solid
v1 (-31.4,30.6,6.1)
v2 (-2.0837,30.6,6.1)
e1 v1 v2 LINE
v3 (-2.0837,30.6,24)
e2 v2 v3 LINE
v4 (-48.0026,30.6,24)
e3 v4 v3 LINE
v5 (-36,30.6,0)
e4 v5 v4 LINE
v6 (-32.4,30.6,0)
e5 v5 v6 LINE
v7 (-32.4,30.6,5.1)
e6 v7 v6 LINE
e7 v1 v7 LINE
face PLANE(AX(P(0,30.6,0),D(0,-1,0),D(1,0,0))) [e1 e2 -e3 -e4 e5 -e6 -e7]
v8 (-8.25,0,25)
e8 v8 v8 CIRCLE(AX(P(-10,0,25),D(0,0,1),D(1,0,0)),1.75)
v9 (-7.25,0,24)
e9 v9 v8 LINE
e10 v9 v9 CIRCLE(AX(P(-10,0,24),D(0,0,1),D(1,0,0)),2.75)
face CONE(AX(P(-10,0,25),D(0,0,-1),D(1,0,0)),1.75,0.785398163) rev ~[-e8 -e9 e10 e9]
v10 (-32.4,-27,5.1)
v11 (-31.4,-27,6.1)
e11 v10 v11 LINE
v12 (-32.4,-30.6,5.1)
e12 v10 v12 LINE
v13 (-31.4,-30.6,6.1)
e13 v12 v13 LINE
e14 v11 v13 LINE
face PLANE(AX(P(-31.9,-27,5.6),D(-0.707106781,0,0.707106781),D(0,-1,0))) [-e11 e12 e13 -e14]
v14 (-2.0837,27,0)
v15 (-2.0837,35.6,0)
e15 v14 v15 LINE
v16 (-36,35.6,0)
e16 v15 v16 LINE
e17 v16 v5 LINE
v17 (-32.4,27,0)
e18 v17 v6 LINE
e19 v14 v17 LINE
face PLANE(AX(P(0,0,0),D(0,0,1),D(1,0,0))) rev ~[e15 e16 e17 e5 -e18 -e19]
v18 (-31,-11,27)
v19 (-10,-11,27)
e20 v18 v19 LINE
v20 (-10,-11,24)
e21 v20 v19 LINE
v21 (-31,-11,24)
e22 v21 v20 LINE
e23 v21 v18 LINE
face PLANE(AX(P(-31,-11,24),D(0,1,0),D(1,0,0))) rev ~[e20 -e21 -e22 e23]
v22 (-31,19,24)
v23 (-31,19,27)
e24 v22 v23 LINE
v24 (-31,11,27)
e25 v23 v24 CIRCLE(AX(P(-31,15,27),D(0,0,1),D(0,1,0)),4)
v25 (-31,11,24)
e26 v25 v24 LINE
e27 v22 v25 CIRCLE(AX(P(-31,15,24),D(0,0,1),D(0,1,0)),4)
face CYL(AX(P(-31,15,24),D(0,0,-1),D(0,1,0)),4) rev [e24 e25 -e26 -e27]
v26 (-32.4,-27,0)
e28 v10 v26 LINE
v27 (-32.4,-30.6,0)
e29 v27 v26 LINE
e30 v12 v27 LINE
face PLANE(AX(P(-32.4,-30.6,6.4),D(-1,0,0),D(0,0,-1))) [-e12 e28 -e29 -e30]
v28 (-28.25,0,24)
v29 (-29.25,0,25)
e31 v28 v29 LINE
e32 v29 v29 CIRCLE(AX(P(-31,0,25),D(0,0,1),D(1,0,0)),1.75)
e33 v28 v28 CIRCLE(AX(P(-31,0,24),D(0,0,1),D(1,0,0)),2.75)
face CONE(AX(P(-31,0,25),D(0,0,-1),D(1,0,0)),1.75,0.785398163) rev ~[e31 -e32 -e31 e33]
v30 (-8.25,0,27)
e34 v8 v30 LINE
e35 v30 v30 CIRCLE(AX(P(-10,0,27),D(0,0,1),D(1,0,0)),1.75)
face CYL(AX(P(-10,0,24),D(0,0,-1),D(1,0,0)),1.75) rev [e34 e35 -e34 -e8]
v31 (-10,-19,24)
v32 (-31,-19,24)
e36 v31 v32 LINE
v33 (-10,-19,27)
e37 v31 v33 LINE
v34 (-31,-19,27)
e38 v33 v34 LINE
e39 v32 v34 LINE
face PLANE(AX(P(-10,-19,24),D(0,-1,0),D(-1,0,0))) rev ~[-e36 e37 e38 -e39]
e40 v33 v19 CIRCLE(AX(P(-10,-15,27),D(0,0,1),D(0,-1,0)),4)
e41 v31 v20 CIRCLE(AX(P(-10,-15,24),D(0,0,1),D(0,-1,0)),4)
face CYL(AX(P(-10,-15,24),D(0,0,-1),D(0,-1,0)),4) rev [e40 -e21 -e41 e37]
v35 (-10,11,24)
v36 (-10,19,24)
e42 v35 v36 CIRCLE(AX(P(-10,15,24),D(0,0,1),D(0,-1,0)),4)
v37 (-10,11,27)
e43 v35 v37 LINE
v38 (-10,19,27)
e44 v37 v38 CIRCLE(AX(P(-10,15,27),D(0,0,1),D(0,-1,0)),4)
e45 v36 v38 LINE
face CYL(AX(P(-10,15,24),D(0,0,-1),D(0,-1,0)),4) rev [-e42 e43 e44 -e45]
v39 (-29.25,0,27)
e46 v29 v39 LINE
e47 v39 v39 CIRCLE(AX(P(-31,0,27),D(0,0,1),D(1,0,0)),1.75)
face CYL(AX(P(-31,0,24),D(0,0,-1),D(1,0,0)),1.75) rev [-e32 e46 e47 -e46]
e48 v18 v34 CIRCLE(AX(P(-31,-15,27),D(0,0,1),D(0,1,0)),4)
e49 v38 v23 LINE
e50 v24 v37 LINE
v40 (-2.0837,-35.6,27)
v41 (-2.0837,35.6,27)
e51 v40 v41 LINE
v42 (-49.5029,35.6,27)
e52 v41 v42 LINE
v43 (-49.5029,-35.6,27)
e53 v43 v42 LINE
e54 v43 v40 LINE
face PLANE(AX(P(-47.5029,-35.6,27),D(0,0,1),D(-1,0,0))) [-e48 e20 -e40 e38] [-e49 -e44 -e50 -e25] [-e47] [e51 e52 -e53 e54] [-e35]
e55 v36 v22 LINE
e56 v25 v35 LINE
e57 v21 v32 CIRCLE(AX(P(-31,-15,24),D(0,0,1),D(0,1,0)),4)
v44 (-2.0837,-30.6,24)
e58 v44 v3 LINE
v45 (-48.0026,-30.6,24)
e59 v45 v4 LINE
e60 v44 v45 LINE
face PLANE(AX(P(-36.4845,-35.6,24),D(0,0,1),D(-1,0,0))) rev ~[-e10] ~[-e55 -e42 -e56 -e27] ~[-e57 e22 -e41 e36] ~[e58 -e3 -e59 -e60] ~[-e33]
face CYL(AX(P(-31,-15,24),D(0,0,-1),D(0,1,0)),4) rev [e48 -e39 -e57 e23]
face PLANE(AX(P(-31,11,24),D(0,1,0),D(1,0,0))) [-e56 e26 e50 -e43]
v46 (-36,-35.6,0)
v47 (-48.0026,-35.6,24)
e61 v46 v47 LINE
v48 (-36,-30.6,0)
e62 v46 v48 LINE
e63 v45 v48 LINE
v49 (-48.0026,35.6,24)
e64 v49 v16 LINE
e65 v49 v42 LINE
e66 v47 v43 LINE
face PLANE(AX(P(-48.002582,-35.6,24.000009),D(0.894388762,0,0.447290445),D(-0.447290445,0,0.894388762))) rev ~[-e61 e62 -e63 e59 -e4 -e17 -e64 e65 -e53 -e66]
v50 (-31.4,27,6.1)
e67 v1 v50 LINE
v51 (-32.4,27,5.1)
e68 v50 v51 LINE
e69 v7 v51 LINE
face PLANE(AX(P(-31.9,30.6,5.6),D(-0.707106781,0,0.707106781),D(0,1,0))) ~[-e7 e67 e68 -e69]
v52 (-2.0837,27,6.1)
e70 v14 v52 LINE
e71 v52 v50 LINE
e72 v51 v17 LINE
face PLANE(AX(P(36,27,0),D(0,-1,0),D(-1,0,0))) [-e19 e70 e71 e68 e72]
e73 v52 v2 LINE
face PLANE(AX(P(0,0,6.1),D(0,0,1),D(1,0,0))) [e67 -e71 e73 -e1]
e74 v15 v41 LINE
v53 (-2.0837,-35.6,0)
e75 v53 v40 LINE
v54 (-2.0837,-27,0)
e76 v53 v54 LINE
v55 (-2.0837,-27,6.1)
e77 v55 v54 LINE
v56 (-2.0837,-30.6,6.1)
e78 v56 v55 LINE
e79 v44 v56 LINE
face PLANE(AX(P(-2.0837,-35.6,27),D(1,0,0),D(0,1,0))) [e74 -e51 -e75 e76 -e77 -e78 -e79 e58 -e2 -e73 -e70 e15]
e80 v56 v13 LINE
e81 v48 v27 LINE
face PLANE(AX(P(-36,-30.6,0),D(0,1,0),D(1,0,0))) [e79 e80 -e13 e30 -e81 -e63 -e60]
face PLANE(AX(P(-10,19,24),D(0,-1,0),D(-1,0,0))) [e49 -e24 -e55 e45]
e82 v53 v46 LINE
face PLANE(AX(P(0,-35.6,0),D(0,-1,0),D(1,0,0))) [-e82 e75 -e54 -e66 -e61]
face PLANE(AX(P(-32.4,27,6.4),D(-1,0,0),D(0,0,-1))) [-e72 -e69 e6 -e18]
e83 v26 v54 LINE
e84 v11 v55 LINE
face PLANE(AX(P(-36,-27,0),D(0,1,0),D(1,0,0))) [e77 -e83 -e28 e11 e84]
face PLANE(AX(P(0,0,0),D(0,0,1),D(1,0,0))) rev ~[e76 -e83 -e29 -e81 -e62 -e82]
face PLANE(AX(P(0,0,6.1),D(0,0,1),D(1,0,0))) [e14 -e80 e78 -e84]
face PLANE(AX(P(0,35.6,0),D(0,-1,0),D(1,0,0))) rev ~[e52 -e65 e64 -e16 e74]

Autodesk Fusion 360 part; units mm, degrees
sketch "Sketch1" plane through (0, 0, 0) normal (0, 0, 1) x (1, 0, 0)
  line L0 (36, 27) -> (-36, 27)
  line L1 (-36, 27) -> (-36, -27)
  line L2 (-36, -27) -> (36, -27)
  line L3 (36, -27) -> (36, 27)
  line L4 (36, 30.6) -> (-36, 30.6)
  line L5 (-36, 35.6) -> (-36, -30.6)
  line L6 (-36, -30.6) -> (36, -30.6)
  line L7 (36, -30.6) -> (36, 30.6)
  line L8 (33, 35.6) -> (-36, 35.6)
  line L9 (41, -27.6) -> (41, 27.6)
  line L10 (33, -35.6) -> (-36, -35.6)
  line L11 (-36, -35.6) -> (-36, 30.6)
  arc A0 (41, 27.6) -> (33, 35.6) centre (33, 27.6) ccw
  arc A1 (33, -35.6) -> (41, -27.6) centre (33, -27.6) ccw
  circle A2 centre (-31, 0) radius 1.75
  line L12 (-31, 11) -> (-10, 11)
  arc A3 (-10, 11) -> (-10, 19) centre (-10, 15) ccw
  line L13 (-10, 19) -> (-31, 19)
  arc A4 (-31, 19) -> (-31, 11) centre (-31, 15) ccw
  line L14 (-31, 15) -> (-10, 15) construction
  line L15 (1.75, 0) -> (22.5, 0)
  line L16 (-31, -11) -> (-10, -11)
  line L17 (-10, -19) -> (-31, -19)
  arc A5 (-10, -19) -> (-10, -11) centre (-10, -15) ccw
  arc A6 (-31, -11) -> (-31, -19) centre (-31, -15) ccw
  circle A7 centre (-10, 0) radius 1.75
  dimension "d1" = 72
  dimension "d2" = 54
  dimension "d3" = 61.2
  dimension "d6" = 8
  dimension "d32" = 3.5
  dimension "d34" = 8
  dimension "d40" = 3.5
extrude "Extrude1" add sketch "Sketch1" along normal blind 6.1 contours L3 L4 L5 L6 L7 L8 L9 L10 L11 A0 A1 | L0 L4 L5 L7 L11 | L2 L5 L6 L7 L11
extrude "Extrude2" add sketch "Sketch1" along normal blind 24 contours L3 L4 L5 L6 L7 L8 L9 L10 L11 A0 A1
extrude "Extrude3" add sketch "Sketch1" along normal blind 27 and the other way blind -24
sketch "Sketch2" plane through (0, -35.6, 0) normal (0, -1, 0) x (1, 0, 0)
  line L0 (-36, 0) -> (33, 0)
  line L1 (33, 0) -> (33, 27)
  line L2 (-36, 27) -> (-36, 0)
  line L3 (-36, 0) -> (-49.5029, 27)
  line L4 (-36, 0) -> (-6, 0) construction
  line L5 (-36, 27) -> (-49.5029, 27)
  line L6 (33, 27) -> (-36, 27)
  line L7 (-36, 27) -> (-36, 24)
  line L8 (-36, 24) -> (-36.4845, 24)
  line L9 (-36.4845, 24) -> (-48.0026, 24)
  line L10 (-36, 0) -> (-36, 6.4)
  line L11 (-36, 6.4) -> (-36, 6)
  line L12 (-36, 6.4) -> (-39.2007, 6.4)
  line L13 (-36, 0) -> (-32.4, 0)
  line L14 (-49.5029, 27) -> (-47.5029, 27)
  line L15 (-36, 6.4) -> (-32.4, 6.4)
  line L16 (-32.4, 6.4) -> (-32.4, 0)
  dimension "d11" = 116.57
  dimension "d25" = 6.4
  dimension "d36" = 3.6
  dimension "d37" = 2
extrude "Extrude4" add sketch "Sketch2" against normal blind 5 contours L2 L3 L10 L11 L12 | L2 L3 L8 L9 L12
extrude "Extrude5" add sketch "Sketch2" along normal blind -71.2 and the other way blind 66.2 contours L2 L3 L10 L11 L12 | L2 L3 L8 L9 L12
extrude "Extrude6" add sketch "Sketch2" against normal blind 71.2 contours L2 L3 L5 L7 L8 L9 L14
extrude "Extrude7" cut sketch "Sketch2" along normal blind -8.6 and the other way blind 5 contours L0 L2 L10 L11 L13 L15 L16
extrude "Extrude8" cut sketch "Sketch2" along normal blind -66.2 and the other way blind 62.6 contours L0 L2 L10 L11 L13 L15 L16
chamfer "Chamfer2" distance 1 angle 45 2 edges at (-32.6316, 0.6328, 24) (-11.6316, 0.6328, 24)
sketch "Sketch3" plane through (0, 0, 27) normal (0, 0, 1) x (-1, 0, 0)
  arc A0 (10, 19) -> (10, 11) centre (10, 15) ccw
  line L0 (10, 19) -> (31, 19)
  arc A1 (31, 11) -> (31, 19) centre (31, 15) ccw
  line L1 (31, 11) -> (10, 11)
  circle A2 centre (31, 0) radius 1.75
  circle A3 centre (10, 0) radius 1.75
  arc A4 (31, -19) -> (31, -11) centre (31, -15) ccw
  line L2 (31, -19) -> (10, -19)
  arc A5 (10, -11) -> (10, -19) centre (10, -15) ccw
  line L3 (10, -11) -> (31, -11)
  line L4 (49.5029, 35.6) -> (-33, 35.6)
  arc A6 (-33, 35.6) -> (-41, 27.6) centre (-33, 27.6) ccw
  line L5 (-41, 27.6) -> (-41, -27.6)
  arc A7 (-41, -27.6) -> (-33, -35.6) centre (-33, -27.6) ccw
  line L6 (-33, -35.6) -> (49.5029, -35.6)
  line L7 (49.5029, -35.6) -> (49.5029, 35.6)
  line L8 (2.0837, -40) -> (-45, -40)
  line L9 (-45, -40) -> (-45, 40)
  line L10 (-45, 40) -> (2.0837, 40)
  line L11 (2.0837, 40) -> (2.0837, -40)
extrude "Extrude9" cut sketch "Sketch3" against normal blind 55 contours L4 A6 L5 A7 L6 L11 | L4 A6 L5 A7 L6 L8 L9 L10 L11
chamfer "Chamfer3" distance 1 angle 45 2 edges at (-32.4, -28.8, 6.1) (-32.4, 28.8, 6.1)
